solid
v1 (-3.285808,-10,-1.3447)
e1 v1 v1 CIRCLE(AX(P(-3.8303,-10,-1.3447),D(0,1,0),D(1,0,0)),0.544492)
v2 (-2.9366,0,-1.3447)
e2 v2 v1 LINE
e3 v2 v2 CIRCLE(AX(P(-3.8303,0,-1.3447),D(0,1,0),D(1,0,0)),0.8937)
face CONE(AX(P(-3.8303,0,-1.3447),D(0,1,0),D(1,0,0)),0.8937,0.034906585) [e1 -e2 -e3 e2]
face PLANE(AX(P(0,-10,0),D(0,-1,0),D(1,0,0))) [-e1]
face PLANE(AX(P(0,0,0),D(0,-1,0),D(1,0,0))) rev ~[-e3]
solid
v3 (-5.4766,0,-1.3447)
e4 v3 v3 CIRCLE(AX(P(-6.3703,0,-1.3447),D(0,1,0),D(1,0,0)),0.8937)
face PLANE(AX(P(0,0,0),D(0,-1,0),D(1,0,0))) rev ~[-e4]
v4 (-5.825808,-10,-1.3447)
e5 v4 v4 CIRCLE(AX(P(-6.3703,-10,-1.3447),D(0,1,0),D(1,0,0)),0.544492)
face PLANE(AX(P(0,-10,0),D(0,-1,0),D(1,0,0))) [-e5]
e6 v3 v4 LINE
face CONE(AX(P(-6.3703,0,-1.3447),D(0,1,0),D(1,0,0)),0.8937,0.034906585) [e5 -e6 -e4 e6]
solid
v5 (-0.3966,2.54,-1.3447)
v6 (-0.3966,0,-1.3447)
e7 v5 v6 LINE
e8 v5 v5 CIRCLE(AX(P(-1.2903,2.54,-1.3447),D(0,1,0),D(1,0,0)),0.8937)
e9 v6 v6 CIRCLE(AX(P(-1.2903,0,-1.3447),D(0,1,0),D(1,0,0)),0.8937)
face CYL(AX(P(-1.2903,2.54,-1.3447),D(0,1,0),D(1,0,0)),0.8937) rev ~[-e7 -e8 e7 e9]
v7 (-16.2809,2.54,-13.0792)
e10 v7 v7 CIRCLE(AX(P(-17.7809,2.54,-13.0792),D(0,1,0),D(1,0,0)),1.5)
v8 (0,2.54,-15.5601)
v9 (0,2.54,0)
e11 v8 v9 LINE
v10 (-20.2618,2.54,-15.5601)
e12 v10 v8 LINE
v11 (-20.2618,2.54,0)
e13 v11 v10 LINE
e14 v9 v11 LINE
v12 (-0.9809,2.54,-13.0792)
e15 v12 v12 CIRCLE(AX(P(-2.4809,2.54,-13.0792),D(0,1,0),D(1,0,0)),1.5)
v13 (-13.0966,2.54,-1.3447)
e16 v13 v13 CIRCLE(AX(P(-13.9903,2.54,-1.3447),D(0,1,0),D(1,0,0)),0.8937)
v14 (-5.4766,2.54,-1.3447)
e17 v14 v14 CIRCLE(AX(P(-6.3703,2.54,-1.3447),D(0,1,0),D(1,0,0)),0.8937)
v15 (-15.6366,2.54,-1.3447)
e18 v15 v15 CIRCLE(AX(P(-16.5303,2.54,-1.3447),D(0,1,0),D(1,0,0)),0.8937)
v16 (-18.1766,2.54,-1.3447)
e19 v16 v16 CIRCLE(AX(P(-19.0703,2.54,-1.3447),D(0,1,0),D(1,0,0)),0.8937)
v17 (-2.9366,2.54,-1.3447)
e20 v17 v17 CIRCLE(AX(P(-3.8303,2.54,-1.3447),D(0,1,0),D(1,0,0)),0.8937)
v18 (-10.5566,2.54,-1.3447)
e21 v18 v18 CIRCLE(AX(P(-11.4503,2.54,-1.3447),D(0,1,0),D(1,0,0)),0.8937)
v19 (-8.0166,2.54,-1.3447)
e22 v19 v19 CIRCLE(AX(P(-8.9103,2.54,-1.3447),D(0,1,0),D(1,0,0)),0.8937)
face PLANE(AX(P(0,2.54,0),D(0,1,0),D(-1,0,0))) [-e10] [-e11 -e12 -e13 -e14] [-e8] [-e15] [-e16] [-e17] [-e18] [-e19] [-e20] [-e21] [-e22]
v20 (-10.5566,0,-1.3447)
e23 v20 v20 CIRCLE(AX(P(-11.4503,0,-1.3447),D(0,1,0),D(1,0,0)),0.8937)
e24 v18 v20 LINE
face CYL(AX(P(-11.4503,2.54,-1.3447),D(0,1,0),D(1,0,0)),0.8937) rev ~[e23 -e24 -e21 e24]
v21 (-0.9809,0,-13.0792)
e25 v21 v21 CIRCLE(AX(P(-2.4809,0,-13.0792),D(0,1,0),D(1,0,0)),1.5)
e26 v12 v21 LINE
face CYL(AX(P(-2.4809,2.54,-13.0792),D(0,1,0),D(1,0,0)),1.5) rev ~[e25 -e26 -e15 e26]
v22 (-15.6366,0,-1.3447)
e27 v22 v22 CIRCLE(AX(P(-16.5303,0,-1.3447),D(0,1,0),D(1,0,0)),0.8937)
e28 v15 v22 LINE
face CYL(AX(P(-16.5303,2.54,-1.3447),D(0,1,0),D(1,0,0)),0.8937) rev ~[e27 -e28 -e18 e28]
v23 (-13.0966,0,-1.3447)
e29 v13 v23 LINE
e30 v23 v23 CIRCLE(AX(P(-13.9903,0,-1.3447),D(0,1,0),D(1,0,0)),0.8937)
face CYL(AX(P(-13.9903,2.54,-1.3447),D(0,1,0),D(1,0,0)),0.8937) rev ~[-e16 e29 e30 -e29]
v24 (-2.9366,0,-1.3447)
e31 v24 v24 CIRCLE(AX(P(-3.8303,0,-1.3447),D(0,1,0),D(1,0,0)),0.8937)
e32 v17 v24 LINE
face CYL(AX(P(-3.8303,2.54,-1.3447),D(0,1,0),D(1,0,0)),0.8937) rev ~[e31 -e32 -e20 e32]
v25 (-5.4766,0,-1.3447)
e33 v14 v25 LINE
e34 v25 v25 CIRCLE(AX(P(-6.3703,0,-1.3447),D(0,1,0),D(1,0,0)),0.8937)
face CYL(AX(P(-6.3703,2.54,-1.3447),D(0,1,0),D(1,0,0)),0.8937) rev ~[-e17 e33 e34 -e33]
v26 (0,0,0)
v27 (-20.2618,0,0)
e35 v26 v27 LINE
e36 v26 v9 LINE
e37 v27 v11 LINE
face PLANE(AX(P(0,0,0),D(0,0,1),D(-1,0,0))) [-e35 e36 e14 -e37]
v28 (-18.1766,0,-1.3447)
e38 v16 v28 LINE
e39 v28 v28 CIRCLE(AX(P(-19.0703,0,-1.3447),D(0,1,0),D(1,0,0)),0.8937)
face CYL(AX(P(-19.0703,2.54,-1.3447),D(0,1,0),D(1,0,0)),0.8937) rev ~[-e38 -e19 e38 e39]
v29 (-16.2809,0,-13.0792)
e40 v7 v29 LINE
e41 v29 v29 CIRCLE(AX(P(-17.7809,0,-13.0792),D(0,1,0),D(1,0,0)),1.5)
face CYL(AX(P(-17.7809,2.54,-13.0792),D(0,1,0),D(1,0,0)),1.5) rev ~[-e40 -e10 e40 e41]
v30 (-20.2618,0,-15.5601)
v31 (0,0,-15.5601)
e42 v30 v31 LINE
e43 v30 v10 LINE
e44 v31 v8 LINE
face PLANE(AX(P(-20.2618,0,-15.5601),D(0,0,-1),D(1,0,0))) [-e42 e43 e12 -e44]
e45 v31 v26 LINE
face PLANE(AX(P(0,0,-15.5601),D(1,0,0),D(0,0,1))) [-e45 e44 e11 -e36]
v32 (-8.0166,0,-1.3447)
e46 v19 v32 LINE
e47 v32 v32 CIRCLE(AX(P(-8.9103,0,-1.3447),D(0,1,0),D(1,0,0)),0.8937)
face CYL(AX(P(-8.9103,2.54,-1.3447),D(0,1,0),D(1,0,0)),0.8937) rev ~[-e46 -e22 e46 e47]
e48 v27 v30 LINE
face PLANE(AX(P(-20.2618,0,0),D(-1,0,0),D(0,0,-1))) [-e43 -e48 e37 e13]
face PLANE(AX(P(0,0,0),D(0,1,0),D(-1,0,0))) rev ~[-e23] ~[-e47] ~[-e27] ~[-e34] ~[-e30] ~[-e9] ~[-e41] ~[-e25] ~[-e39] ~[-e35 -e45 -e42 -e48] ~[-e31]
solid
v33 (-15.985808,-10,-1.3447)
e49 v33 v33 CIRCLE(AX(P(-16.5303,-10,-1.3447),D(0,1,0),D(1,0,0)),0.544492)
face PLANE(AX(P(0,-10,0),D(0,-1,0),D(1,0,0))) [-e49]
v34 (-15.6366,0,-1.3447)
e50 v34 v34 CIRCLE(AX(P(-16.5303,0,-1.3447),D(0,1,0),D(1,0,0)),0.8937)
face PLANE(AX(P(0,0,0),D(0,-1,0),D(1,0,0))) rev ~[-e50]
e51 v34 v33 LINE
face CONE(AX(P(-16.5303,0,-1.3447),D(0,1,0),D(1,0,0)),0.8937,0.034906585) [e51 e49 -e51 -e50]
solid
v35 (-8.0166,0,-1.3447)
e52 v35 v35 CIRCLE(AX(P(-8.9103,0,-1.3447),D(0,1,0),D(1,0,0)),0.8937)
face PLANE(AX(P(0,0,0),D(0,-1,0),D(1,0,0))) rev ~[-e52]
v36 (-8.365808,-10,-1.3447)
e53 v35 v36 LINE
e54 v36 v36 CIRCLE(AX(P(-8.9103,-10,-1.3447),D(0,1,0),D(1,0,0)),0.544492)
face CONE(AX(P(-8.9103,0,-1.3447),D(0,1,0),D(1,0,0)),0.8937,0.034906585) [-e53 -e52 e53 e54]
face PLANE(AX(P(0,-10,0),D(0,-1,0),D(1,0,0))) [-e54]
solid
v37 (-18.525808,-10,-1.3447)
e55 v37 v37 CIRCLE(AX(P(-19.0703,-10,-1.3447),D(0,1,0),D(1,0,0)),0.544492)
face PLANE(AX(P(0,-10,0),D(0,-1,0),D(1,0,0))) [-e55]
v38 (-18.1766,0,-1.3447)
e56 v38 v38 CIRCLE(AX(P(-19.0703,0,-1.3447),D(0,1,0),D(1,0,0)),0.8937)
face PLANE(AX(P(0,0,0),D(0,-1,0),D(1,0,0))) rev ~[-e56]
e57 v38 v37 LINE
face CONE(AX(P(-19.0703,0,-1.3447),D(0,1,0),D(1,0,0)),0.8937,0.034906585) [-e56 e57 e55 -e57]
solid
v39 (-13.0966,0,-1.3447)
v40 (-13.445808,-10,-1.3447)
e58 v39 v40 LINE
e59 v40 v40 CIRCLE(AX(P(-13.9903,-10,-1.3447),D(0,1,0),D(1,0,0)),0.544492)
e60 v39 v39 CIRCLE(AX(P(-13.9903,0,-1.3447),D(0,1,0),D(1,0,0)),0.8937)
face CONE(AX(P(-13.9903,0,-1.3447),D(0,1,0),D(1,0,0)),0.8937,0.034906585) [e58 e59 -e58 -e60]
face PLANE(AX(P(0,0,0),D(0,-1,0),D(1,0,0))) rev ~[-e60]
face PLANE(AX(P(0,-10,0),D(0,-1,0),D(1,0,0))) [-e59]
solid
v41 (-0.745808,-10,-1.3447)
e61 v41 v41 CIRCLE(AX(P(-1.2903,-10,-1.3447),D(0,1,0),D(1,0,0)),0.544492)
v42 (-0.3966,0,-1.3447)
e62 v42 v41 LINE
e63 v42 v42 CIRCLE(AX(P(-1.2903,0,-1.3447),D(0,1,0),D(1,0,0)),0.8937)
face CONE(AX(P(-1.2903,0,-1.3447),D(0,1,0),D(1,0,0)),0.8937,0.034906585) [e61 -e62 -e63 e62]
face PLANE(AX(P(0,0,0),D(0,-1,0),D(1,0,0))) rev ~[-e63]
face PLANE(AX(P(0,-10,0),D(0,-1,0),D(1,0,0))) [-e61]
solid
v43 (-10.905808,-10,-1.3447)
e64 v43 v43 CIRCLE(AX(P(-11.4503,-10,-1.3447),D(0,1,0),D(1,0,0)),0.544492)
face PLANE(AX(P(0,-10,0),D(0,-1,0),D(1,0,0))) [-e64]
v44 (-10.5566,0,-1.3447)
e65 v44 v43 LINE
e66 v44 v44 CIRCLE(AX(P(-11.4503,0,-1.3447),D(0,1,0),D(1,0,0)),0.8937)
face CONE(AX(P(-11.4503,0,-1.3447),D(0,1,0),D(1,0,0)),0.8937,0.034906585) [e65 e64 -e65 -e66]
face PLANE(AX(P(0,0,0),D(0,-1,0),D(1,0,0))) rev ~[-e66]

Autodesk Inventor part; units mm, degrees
ref_plane "YZ Plane" through (0, 0, 0) normal (1, 0, 0) x (0, 1, 0)
ref_plane "XZ Plane" through (0, 0, 0) normal (0, 1, 0) x (-1, 0, 0)
ref_plane "XY Plane" through (0, 0, 0) normal (0, 0, 1) x (1, 0, 0)
sketch "Sketch1" plane through (0, 0, 0) normal (0, 1, 0) x (-1, 0, 0)
  line L0 (0, 0) -> (20.2618, 0)
  line L1 (20.2618, 0) -> (20.2618, -15.5601)
  line L2 (20.2618, -15.5601) -> (0, -15.5601)
  line L3 (0, -15.5601) -> (0, 0)
  dimension "d0" = 20.2618
  dimension "d1" = 15.5601
extrude "Extrusion1" add sketch "Sketch1" along normal blind 2.54
sketch "Sketch2" plane through (0, 2.54, 0) normal (0, 1, 0) x (1, 0, 0)
  circle A0 centre (-19.0703, 1.3447) radius 0.8937
  line L0 (-20.2618, 15.5601) -> (-20.2618, 0) construction
  line L1 (-20.2618, 0) -> (0, 0) construction
  line L2 (-20.2618, 0) -> (0, 0) construction
  circle A1 centre (-16.5303, 1.3447) radius 0.8937
  circle A2 centre (-13.9903, 1.3447) radius 0.8937
  circle A3 centre (-11.4503, 1.3447) radius 0.8937
  circle A4 centre (-8.9103, 1.3447) radius 0.8937
  circle A5 centre (-6.3703, 1.3447) radius 0.8937
  circle A6 centre (-3.8303, 1.3447) radius 0.8937
  circle A7 centre (-1.2903, 1.3447) radius 0.8937
  circle A8 centre (-17.7809, 13.0792) radius 1.5
  circle A9 centre (-2.4809, 13.0792) radius 1.5
  line L3 (0, 15.5601) -> (-20.2618, 15.5601) projected
  line L4 (0, 0) -> (0, 15.5601) projected
  line L5 (-17.7809, 13.0792) -> (-2.4809, 13.0792) construction
  line L6 (-10.1309, 0) -> (-10.1309, 15.5601) construction
  point P0 (-10.1309, 13.0792)
  dimension "d6" = 2.54
  dimension "d11" = 3
  dimension "d12" = 3
  dimension "d17" = 15.3
  dimension "d18" = 2.4809
  dimension "d19" = 2.4809
  dimension "d22" = 13.0792
extrude "Extrusion2" cut sketch "Sketch2" against normal up to next
sketch "Sketch3" plane through (0, 2.54, 0) normal (0, 1, 0) x (1, 0, 0)
  line L0 (-14.6694, 9.1277) -> (-2.5672, 9.1277) construction
  line L1 (-2.5672, 9.1277) -> (-2.5672, 4.9306) construction
  line L2 (-2.5672, 4.9306) -> (-14.6694, 4.9306) construction
  line L3 (-14.6694, 4.9306) -> (-14.6694, 9.1277) construction
  point P0 (0, 0)
sketch "Sketch5" plane through (0, 0, 0) normal (0, -1, 0) x (1, 0, 0)
  circle A0 centre (-19.0703, -1.3447) radius 0.8937 projected
  circle A1 centre (-16.5303, -1.3447) radius 0.8937 projected
  circle A2 centre (-13.9903, -1.3447) radius 0.8937 projected
  circle A3 centre (-11.4503, -1.3447) radius 0.8937 projected
  circle A4 centre (-8.9103, -1.3447) radius 0.8937 projected
  circle A5 centre (-6.3703, -1.3447) radius 0.8937 projected
  circle A6 centre (-3.8303, -1.3447) radius 0.8937 projected
  circle A7 centre (-1.2903, -1.3447) radius 0.8937 projected
  point P0 (0, 0)
extrude "Extrusion3" add sketch "Sketch5" along normal blind 10 draft -2
equation "\"d19\" = d18"
properties part number "IMU_temp"
